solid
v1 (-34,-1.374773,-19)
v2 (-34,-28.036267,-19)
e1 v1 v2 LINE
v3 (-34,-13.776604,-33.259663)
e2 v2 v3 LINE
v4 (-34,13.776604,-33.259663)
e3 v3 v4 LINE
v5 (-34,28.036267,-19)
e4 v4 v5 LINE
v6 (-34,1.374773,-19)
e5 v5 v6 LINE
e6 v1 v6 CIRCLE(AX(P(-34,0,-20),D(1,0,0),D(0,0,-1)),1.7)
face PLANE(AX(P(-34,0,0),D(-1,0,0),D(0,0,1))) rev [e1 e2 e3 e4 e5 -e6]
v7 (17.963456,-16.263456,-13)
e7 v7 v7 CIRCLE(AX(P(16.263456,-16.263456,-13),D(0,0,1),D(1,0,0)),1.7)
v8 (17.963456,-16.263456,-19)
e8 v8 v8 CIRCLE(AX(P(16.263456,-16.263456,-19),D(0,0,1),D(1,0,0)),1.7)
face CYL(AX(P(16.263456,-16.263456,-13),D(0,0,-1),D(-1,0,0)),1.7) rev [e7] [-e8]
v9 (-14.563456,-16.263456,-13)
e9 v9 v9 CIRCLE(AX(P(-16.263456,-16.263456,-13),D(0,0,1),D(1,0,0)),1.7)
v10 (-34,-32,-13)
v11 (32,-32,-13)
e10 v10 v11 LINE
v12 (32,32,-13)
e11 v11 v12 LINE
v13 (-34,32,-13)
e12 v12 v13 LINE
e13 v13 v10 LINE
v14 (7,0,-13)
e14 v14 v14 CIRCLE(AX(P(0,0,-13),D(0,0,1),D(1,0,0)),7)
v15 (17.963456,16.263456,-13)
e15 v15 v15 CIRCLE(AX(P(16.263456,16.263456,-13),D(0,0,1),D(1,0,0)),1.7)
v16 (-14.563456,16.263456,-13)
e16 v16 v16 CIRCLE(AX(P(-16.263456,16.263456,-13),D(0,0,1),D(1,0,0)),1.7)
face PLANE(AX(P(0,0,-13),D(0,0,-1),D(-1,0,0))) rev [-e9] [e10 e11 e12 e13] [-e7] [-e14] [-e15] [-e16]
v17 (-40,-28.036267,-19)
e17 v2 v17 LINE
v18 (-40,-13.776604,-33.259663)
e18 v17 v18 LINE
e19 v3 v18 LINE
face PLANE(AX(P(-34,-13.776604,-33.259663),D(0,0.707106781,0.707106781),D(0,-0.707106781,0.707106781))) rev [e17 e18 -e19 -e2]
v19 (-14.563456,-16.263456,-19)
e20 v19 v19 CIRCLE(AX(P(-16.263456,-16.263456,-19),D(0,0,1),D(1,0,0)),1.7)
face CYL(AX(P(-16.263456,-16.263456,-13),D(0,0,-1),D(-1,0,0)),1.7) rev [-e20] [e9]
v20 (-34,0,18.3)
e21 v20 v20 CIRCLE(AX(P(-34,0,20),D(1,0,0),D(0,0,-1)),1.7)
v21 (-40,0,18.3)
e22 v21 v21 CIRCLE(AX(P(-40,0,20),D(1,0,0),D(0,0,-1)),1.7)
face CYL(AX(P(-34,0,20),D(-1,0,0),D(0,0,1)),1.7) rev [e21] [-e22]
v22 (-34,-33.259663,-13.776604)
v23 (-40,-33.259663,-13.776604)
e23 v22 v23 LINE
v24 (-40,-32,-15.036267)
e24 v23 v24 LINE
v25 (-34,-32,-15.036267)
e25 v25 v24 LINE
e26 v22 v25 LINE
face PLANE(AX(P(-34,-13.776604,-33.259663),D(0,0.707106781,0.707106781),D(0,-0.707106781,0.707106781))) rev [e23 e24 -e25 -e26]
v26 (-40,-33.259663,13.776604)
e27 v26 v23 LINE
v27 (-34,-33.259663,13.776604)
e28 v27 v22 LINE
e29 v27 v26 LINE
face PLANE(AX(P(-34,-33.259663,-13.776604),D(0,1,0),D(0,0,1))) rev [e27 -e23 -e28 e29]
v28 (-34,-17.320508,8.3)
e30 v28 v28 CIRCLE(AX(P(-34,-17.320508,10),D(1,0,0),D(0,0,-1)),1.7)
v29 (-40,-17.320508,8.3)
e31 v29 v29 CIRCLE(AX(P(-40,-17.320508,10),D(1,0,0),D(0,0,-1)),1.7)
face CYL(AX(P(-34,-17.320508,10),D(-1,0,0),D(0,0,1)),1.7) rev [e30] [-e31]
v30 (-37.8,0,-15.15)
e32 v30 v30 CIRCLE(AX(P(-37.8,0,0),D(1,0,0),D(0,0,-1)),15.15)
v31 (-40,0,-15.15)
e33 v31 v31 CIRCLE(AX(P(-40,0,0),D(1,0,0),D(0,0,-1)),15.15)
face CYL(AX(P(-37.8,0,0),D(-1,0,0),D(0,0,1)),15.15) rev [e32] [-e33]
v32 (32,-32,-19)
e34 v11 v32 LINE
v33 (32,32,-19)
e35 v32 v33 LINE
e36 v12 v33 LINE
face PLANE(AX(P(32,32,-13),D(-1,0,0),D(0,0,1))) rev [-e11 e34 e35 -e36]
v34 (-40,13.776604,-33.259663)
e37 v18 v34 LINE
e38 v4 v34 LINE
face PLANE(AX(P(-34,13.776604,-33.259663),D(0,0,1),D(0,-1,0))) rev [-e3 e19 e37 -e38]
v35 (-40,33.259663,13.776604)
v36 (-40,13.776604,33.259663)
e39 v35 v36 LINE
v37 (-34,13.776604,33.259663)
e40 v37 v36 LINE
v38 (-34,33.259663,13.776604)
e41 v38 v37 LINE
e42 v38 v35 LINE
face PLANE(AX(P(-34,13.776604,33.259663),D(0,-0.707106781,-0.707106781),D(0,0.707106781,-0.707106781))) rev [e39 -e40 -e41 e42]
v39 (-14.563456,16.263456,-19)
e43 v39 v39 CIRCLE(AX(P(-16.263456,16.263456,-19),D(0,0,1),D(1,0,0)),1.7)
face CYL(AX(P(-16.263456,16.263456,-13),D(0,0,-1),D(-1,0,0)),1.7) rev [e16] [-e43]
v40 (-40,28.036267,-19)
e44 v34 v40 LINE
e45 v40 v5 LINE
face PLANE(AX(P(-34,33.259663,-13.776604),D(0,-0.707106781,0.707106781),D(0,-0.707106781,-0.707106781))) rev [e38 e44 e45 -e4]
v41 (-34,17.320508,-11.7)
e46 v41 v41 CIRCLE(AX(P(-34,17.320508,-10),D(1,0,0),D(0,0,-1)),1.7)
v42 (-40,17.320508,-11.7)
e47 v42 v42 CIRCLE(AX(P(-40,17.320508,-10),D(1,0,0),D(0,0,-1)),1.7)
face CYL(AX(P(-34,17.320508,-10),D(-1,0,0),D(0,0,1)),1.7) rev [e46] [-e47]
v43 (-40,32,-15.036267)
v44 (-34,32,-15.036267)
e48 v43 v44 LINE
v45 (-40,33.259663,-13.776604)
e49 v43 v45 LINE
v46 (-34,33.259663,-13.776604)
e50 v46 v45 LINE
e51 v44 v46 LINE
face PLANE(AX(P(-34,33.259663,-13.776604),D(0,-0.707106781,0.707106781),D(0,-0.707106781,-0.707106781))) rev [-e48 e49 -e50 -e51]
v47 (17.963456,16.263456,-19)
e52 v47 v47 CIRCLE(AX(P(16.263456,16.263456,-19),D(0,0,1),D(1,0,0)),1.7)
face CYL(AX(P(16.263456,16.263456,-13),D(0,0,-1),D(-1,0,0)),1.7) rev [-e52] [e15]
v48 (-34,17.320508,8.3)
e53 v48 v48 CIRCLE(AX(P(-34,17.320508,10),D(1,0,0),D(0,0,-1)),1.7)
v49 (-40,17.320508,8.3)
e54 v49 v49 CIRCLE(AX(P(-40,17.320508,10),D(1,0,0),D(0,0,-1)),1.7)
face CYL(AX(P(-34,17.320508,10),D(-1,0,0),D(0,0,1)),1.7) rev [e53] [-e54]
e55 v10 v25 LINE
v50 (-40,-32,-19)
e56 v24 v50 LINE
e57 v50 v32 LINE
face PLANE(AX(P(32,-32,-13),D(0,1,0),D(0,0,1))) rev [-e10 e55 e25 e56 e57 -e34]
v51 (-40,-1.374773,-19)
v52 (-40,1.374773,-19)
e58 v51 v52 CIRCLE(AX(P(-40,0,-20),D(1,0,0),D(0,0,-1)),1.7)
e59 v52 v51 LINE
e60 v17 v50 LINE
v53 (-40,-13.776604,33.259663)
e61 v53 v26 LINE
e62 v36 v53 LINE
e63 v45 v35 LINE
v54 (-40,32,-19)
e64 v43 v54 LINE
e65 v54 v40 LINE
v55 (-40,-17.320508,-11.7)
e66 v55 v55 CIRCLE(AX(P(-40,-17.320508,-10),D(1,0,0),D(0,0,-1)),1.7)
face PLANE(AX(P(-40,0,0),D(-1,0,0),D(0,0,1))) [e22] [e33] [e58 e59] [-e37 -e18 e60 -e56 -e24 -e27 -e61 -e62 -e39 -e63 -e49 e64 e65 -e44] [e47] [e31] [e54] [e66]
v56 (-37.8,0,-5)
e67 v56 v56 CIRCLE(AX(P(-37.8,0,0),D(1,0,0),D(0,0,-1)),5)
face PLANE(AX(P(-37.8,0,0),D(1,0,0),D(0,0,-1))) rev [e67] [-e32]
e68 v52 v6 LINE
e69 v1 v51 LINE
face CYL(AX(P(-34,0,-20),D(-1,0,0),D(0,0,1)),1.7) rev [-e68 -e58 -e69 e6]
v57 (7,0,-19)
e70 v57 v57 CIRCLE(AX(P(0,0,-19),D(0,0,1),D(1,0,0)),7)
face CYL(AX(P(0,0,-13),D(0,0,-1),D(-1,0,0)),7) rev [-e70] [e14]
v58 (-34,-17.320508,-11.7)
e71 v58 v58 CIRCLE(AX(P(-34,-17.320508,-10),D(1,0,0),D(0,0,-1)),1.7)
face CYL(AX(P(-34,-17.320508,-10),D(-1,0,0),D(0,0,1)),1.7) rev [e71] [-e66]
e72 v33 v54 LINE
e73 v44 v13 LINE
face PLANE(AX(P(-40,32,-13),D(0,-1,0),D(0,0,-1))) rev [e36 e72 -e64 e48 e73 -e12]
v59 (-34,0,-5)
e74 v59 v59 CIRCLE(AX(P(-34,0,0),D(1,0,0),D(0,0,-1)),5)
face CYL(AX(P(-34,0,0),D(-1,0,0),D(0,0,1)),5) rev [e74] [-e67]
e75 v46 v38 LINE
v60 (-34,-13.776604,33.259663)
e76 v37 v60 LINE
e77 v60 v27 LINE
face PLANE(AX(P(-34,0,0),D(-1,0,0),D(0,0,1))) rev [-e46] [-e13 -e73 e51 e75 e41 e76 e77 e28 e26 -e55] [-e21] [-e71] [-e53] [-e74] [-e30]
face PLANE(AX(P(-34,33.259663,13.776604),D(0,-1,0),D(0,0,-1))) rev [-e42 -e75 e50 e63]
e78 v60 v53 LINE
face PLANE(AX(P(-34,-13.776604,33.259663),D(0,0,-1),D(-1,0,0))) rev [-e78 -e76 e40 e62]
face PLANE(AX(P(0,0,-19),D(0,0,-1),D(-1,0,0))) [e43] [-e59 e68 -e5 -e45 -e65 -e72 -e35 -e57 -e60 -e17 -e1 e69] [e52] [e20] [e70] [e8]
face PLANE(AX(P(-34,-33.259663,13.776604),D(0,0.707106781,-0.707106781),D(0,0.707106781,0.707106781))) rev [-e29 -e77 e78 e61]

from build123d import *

# Parameters (mm, degrees)
SK_ROLL_PLATE_R         = 1.7
SK_ROLL_PLATE_R_2       = 5
ROLL_PLATE_DEPTH        = 6
SK_YAW_PLATE_W          = 72
SK_YAW_PLATE_H          = 64
SK_YAW_PLATE_R          = 1.7
SK_YAW_PLATE_R_2        = 7
YAW_PLATE_DEPTH         = 6
SK_ROLL_PILOT_RECESS_R  = 15.15
ROLL_PILOT_RECESS_DEPTH = 2.2


with BuildPart() as part:
    # SK_Roll_Plate → Roll_Plate (new body)
    with BuildSketch(Plane(origin=(-40, 0, 0), x_dir=(0, 0, -1), z_dir=(1, 0, 0))):
        Polygon((-13.776603565, -33.25966317), (-33.25966317, -13.776603565), (-33.25966317, 13.776603565), (-13.776603565, 33.25966317), (13.776603565, 33.25966317), (33.25966317, 13.776603565), (33.25966317, -13.776603565), (13.776603565, -33.25966317), align=None)
        with Locations((20, 0)):
            Circle(SK_ROLL_PLATE_R, mode=Mode.SUBTRACT)
        with Locations((10, -17.320508076)):
            Circle(SK_ROLL_PLATE_R, mode=Mode.SUBTRACT)
        with Locations((-10, -17.320508076)):
            Circle(SK_ROLL_PLATE_R, mode=Mode.SUBTRACT)
        with Locations((-20, 0)):
            Circle(SK_ROLL_PLATE_R, mode=Mode.SUBTRACT)
        with Locations((-10, 17.320508076)):
            Circle(SK_ROLL_PLATE_R, mode=Mode.SUBTRACT)
        with Locations((10, 17.320508076)):
            Circle(SK_ROLL_PLATE_R, mode=Mode.SUBTRACT)
        Circle(SK_ROLL_PLATE_R_2, mode=Mode.SUBTRACT)
    extrude(amount=ROLL_PLATE_DEPTH)

    # SK_Yaw_Plate → Yaw_Plate (add)
    with BuildSketch(Plane.XY.offset(-19)):
        with Locations((-4, 0)):
            Rectangle(SK_YAW_PLATE_W, SK_YAW_PLATE_H)
        with Locations((16.263455967, -16.263455967)):
            Circle(SK_YAW_PLATE_R, mode=Mode.SUBTRACT)
        with Locations((-16.263455967, -16.263455967)):
            Circle(SK_YAW_PLATE_R, mode=Mode.SUBTRACT)
        with Locations((-16.263455967, 16.263455967)):
            Circle(SK_YAW_PLATE_R, mode=Mode.SUBTRACT)
        with Locations((16.263455967, 16.263455967)):
            Circle(SK_YAW_PLATE_R, mode=Mode.SUBTRACT)
        Circle(SK_YAW_PLATE_R_2, mode=Mode.SUBTRACT)
    extrude(amount=YAW_PLATE_DEPTH)

    # SK_Roll_Pilot_Recess → Roll_Pilot_Recess (cut)
    with BuildSketch(Plane(origin=(-40, 0, 0), x_dir=(0, 0, -1), z_dir=(1, 0, 0))):
        Circle(SK_ROLL_PILOT_RECESS_R)
    extrude(amount=ROLL_PILOT_RECESS_DEPTH, mode=Mode.SUBTRACT)


solid = part.part
